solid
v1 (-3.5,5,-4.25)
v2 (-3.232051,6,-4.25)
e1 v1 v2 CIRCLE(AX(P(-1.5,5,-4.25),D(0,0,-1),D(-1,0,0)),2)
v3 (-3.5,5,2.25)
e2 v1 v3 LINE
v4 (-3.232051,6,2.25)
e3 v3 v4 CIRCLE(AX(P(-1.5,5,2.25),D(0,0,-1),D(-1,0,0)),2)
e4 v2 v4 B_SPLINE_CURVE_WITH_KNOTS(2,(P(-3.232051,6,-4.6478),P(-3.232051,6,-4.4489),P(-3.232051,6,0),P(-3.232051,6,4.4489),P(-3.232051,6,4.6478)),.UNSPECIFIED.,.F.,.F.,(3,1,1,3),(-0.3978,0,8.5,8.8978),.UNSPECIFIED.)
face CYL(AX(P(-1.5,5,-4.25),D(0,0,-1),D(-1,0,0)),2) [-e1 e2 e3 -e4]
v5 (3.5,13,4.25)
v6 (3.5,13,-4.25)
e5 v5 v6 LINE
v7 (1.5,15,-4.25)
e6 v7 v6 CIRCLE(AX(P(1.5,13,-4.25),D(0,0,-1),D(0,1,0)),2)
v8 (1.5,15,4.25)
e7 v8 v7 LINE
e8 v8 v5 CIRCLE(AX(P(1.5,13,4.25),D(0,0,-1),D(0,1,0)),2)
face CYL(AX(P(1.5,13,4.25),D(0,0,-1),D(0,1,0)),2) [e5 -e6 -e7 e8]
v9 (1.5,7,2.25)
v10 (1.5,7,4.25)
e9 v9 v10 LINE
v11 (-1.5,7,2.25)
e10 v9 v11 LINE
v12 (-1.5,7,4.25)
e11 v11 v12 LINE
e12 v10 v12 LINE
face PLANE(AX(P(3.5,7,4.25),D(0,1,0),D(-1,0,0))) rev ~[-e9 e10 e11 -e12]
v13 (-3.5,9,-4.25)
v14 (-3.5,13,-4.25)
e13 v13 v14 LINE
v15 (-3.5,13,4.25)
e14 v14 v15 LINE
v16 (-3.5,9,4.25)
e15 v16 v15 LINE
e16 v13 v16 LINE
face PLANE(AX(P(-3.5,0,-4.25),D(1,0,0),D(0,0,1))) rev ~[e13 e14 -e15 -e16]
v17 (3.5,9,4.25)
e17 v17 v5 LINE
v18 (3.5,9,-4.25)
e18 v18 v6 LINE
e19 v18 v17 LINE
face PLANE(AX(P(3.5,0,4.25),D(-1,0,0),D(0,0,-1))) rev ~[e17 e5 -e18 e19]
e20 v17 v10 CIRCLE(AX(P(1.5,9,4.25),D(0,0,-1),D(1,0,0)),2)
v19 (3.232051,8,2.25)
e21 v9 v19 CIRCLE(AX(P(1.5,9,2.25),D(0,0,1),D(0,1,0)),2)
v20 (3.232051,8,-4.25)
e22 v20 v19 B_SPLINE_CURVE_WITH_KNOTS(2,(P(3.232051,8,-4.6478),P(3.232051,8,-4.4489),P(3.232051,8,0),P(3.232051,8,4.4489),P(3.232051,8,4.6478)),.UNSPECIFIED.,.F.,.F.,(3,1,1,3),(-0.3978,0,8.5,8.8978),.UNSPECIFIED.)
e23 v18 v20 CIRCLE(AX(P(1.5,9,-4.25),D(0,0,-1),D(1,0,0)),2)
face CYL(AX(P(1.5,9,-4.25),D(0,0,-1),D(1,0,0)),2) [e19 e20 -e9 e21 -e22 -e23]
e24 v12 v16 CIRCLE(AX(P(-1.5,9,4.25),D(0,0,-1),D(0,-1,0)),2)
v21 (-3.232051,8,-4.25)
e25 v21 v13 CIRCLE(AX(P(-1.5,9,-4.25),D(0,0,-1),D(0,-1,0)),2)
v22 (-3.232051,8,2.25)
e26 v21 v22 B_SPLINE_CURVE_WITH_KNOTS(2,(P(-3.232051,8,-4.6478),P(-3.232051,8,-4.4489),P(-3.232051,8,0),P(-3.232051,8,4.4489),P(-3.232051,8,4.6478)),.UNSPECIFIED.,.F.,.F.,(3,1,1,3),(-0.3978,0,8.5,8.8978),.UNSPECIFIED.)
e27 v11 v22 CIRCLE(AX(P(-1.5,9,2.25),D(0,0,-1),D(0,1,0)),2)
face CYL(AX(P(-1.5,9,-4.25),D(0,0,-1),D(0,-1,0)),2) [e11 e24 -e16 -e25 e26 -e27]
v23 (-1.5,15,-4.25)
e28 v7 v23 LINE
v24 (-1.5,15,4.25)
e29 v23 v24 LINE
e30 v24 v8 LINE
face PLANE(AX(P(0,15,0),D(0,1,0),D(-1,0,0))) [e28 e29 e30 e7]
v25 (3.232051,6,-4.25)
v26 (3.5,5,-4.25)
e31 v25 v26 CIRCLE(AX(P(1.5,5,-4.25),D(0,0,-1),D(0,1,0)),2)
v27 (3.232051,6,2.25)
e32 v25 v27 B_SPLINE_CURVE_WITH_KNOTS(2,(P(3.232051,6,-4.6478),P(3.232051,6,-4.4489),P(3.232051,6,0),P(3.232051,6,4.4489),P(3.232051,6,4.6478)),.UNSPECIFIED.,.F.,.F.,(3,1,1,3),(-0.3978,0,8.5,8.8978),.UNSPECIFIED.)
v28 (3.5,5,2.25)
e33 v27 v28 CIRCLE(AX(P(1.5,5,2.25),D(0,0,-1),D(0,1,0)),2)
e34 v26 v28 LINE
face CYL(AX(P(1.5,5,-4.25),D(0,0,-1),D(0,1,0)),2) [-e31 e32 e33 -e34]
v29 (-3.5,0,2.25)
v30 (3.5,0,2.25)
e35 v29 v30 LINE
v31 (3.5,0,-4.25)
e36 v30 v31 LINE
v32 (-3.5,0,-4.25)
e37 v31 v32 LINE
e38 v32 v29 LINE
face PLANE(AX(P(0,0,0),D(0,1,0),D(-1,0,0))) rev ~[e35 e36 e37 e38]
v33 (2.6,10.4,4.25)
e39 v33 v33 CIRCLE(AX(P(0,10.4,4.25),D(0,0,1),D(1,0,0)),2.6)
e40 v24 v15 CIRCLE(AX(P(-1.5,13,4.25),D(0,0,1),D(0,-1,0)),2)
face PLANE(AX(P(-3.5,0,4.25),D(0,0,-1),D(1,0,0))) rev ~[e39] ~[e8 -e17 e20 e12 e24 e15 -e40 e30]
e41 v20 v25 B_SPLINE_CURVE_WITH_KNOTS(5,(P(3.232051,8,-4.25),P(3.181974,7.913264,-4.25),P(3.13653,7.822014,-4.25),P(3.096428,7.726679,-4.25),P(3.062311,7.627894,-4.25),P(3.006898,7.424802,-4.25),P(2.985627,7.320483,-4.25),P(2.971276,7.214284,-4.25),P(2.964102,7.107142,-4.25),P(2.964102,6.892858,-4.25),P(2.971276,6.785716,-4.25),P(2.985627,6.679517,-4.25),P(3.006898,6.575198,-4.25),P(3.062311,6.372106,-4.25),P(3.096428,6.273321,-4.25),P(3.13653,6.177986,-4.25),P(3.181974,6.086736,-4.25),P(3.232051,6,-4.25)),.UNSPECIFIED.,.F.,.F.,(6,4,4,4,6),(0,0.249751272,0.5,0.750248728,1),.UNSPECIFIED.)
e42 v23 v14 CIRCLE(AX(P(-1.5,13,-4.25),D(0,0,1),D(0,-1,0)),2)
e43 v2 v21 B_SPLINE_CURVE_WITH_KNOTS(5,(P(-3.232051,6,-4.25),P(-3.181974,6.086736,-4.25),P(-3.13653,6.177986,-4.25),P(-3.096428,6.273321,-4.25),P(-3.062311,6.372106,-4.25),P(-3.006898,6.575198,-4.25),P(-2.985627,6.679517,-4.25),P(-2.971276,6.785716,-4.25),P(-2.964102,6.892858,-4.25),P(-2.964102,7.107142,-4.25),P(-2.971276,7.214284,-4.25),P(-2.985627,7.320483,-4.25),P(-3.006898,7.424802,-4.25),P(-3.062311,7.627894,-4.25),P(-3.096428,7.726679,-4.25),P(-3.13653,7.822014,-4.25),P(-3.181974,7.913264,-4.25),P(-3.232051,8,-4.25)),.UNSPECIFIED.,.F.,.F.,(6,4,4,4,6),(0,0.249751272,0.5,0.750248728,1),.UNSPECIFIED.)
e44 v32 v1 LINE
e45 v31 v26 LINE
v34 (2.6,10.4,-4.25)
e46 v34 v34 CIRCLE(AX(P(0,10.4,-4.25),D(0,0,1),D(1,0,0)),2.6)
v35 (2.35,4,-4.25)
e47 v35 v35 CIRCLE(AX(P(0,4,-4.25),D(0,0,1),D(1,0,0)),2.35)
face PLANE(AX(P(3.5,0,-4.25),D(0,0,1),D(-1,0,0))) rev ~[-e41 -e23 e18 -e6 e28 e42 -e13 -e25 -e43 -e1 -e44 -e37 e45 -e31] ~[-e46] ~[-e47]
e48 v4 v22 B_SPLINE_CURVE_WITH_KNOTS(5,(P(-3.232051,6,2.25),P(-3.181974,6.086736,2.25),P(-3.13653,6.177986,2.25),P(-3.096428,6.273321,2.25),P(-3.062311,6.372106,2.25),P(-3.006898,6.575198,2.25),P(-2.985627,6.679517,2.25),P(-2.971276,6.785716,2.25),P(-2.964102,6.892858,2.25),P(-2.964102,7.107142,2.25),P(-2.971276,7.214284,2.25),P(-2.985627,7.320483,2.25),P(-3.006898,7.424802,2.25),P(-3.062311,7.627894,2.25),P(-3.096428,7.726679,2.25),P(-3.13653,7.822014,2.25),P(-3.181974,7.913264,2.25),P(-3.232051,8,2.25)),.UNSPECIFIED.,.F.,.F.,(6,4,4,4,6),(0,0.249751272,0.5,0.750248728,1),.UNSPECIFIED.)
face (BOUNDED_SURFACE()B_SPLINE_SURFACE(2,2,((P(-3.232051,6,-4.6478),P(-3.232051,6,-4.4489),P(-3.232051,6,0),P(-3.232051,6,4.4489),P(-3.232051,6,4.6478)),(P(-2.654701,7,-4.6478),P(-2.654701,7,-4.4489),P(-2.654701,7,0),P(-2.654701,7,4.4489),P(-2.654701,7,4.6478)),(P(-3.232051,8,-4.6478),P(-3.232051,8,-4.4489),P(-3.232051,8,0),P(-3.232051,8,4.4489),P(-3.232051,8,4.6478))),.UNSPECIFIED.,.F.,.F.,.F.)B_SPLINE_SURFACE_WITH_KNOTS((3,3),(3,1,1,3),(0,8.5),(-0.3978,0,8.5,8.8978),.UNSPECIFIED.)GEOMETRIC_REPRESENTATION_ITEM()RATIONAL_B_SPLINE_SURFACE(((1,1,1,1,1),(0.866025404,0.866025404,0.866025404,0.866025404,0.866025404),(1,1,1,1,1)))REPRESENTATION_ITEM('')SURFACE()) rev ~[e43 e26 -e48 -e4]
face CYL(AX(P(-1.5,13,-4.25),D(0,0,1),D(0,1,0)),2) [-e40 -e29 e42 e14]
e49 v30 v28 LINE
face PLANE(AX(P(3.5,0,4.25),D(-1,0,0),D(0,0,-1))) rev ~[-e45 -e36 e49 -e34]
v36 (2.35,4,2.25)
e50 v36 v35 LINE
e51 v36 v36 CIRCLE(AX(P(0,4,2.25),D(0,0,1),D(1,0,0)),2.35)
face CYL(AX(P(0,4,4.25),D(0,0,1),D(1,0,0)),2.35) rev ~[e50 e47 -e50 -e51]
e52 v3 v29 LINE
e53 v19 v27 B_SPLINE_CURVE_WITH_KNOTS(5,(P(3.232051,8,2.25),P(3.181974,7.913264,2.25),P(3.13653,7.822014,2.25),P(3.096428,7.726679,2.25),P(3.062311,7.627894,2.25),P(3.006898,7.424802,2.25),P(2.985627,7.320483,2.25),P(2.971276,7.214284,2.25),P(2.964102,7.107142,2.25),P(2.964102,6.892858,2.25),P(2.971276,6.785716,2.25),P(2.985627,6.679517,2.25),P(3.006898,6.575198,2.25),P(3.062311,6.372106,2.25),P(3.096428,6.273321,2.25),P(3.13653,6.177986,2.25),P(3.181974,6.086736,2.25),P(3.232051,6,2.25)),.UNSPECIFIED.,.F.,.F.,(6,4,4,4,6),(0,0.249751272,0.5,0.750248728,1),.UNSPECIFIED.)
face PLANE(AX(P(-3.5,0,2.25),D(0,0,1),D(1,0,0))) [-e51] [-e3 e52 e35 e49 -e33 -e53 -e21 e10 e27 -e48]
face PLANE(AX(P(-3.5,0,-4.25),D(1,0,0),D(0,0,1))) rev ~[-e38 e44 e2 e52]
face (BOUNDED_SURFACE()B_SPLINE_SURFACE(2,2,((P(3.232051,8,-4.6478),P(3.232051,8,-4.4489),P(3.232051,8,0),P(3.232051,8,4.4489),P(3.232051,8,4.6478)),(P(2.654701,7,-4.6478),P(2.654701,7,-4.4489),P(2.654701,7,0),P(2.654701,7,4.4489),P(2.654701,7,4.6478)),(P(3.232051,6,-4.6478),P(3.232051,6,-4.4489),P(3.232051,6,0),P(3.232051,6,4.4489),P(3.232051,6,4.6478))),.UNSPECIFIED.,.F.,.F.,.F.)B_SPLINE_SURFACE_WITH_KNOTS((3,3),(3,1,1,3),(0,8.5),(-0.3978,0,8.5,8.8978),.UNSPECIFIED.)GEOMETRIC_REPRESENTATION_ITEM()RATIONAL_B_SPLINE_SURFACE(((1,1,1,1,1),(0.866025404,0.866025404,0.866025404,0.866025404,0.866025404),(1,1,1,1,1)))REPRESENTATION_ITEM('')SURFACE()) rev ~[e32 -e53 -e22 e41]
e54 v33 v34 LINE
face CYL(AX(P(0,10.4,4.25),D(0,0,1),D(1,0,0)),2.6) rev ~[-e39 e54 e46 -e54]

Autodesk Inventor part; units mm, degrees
ref_plane "YZ Plane" through (0, 0, 0) normal (1, 0, 0) x (0, 1, 0)
ref_plane "XZ Plane" through (0, 0, 0) normal (0, 1, 0) x (-1, 0, 0)
ref_plane "XY Plane" through (0, 0, 0) normal (0, 0, 1) x (1, 0, 0)
sketch "スケッチ1" plane through (0, 0, 0) normal (0, 1, 0) x (-1, 0, 0)
  line L0 (3.5, 4.25) -> (-3.5, 4.25)
  line L1 (-3.5, 4.25) -> (-3.5, -4.25)
  line L2 (-3.5, -4.25) -> (3.5, -4.25)
  line L3 (3.5, -4.25) -> (3.5, 4.25)
  line L4 (3.5, 4.25) -> (-3.5, -4.25) construction
  line L5 (-3.5, 4.25) -> (3.5, -4.25) construction
  point P0 (0, 0)
  dimension "d0" = 7
  dimension "d1" = 8.5
extrude "押し出し1" add sketch "スケッチ1" along normal blind 15
sketch "スケッチ2" plane through (-3.5, 0, 4.25) normal (0, 0, 1) x (1, 0, 0)
  circle A0 centre (3.5, 4) radius 2.35
  line L0 (0, 0) -> (7, 0) projected
  line L1 (0, 0) -> (0, 15) projected
  circle A1 centre (3.5, 10.4) radius 2.6
  line L2 (0, 15) -> (7, 15) projected
  point P0 (3.5, 0)
  dimension "d4" = 4.7
  dimension "d5" = 4
  dimension "d6" = 3.5
  dimension "d7" = 5.2
  dimension "d8" = 4.6
  dimension "d9" = 3.5
extrude "押し出し2" cut sketch "スケッチ2" against normal blind 9
fillet "フィレット1" radius 2 1 edges at (3.5, 15, 0)
fillet "フィレット2" radius 2 1 edges at (-3.5, 15, 0)
sketch "スケッチ4" plane through (0, 0, 0) normal (0, -1, 0) x (1, 0, 0)
  line L0 (0, 6.3882) -> (0, -6.0661)
  line L1 (-5.5555, 5.25) -> (5.1337, 5.25)
  line L2 (-3.5, 4.25) -> (3.5, 4.25) projected
  point P0 (0, 0)
  dimension "d23" = 1
sketch "スケッチ6" plane through (-3.5, 0, 4.25) normal (0, 0, 1) x (1, 0, 0)
  line L0 (0, 0) -> (7, 0) projected
  line L1 (0, 0) -> (7, 0)
  line L2 (7, 0) -> (7, 7)
  line L3 (7, 7) -> (0, 7)
  line L4 (0, 7) -> (0, 0)
  point P0 (3.5, 0)
  dimension "d27" = 7
  dimension "d28" = 7
extrude "押し出し4" cut sketch "スケッチ6" against normal blind 2
sketch "スケッチ8" plane through (3.5, 0, -4.25) normal (0, 0, -1) x (-1, 0, 0)
  arc A0 (2, 7) -> (0, 5) centre (2, 5) ccw
  arc A1 (7, 5) -> (5, 7) centre (5, 5) ccw
  line L0 (0, 7) -> (7, 7) construction
  line L1 (0, 0) -> (7, 0) construction
  line L2 (0, 0) -> (0, 13) construction
  line L3 (7, 0) -> (7, 13) construction
  arc A2 (0, 9) -> (2, 7) centre (2, 9) ccw
  arc A3 (5, 7) -> (7, 9) centre (5, 9) ccw
  line L4 (0, 5) -> (0, 9)
  line L5 (7, 5) -> (7, 9)
  line L6 (7, 7) -> (7, 13) projected
  point P0 (3.5, 0)
  dimension "d33" = 2
  dimension "d34" = 7
extrude "押し出し5" cut sketch "スケッチ8" against normal blind 8.5
fillet "フィレット3" radius 2 2 edges at (1.5, 7, -1) (-1.5, 7, -1)
sketch "スケッチ9" plane through (-3.5, 0, 2.25) normal (0, 0, 1) x (1, 0, 0)
  arc A0 (7, 5) -> (6.7321, 6) centre (5, 5) ccw projected
  line L0 (7, 0) -> (7, 5) projected
  line L1 (7, 0) -> (0, 0) projected
  line L2 (0, 0) -> (0, 5) projected
  arc A1 (0.2679, 6) -> (0, 5) centre (2, 5) ccw projected
  arc A2 (0.2679, 6) -> (0.2679, 8) centre (-1.4641, 7) ccw projected
  arc A3 (0, 9) -> (0.2679, 8) centre (2, 9) ccw projected
  line L3 (0, 9) -> (0, 13) projected
  arc A4 (2, 15) -> (0, 13) centre (2, 13) ccw projected
  line L4 (5, 15) -> (2, 15) projected
  arc A5 (7, 13) -> (5, 15) centre (5, 13) ccw projected
  line L5 (7, 9) -> (7, 13) projected
  arc A6 (6.7321, 8) -> (7, 9) centre (5, 9) ccw projected
  arc A7 (6.7321, 8) -> (6.7321, 6) centre (8.4641, 7) ccw projected
  circle A8 centre (3.5, 10.4) radius 2.6 projected
  circle A9 centre (3.5, 4) radius 2.35 projected
  arc A10 (5, 7) -> (6.7321, 8) centre (5, 9) ccw projected
  line L6 (2, 7) -> (5, 7) projected
  arc A11 (0.2679, 8) -> (2, 7) centre (2, 9) ccw projected
  point P0 (3.5, 0)
properties part number "LED_mount"
